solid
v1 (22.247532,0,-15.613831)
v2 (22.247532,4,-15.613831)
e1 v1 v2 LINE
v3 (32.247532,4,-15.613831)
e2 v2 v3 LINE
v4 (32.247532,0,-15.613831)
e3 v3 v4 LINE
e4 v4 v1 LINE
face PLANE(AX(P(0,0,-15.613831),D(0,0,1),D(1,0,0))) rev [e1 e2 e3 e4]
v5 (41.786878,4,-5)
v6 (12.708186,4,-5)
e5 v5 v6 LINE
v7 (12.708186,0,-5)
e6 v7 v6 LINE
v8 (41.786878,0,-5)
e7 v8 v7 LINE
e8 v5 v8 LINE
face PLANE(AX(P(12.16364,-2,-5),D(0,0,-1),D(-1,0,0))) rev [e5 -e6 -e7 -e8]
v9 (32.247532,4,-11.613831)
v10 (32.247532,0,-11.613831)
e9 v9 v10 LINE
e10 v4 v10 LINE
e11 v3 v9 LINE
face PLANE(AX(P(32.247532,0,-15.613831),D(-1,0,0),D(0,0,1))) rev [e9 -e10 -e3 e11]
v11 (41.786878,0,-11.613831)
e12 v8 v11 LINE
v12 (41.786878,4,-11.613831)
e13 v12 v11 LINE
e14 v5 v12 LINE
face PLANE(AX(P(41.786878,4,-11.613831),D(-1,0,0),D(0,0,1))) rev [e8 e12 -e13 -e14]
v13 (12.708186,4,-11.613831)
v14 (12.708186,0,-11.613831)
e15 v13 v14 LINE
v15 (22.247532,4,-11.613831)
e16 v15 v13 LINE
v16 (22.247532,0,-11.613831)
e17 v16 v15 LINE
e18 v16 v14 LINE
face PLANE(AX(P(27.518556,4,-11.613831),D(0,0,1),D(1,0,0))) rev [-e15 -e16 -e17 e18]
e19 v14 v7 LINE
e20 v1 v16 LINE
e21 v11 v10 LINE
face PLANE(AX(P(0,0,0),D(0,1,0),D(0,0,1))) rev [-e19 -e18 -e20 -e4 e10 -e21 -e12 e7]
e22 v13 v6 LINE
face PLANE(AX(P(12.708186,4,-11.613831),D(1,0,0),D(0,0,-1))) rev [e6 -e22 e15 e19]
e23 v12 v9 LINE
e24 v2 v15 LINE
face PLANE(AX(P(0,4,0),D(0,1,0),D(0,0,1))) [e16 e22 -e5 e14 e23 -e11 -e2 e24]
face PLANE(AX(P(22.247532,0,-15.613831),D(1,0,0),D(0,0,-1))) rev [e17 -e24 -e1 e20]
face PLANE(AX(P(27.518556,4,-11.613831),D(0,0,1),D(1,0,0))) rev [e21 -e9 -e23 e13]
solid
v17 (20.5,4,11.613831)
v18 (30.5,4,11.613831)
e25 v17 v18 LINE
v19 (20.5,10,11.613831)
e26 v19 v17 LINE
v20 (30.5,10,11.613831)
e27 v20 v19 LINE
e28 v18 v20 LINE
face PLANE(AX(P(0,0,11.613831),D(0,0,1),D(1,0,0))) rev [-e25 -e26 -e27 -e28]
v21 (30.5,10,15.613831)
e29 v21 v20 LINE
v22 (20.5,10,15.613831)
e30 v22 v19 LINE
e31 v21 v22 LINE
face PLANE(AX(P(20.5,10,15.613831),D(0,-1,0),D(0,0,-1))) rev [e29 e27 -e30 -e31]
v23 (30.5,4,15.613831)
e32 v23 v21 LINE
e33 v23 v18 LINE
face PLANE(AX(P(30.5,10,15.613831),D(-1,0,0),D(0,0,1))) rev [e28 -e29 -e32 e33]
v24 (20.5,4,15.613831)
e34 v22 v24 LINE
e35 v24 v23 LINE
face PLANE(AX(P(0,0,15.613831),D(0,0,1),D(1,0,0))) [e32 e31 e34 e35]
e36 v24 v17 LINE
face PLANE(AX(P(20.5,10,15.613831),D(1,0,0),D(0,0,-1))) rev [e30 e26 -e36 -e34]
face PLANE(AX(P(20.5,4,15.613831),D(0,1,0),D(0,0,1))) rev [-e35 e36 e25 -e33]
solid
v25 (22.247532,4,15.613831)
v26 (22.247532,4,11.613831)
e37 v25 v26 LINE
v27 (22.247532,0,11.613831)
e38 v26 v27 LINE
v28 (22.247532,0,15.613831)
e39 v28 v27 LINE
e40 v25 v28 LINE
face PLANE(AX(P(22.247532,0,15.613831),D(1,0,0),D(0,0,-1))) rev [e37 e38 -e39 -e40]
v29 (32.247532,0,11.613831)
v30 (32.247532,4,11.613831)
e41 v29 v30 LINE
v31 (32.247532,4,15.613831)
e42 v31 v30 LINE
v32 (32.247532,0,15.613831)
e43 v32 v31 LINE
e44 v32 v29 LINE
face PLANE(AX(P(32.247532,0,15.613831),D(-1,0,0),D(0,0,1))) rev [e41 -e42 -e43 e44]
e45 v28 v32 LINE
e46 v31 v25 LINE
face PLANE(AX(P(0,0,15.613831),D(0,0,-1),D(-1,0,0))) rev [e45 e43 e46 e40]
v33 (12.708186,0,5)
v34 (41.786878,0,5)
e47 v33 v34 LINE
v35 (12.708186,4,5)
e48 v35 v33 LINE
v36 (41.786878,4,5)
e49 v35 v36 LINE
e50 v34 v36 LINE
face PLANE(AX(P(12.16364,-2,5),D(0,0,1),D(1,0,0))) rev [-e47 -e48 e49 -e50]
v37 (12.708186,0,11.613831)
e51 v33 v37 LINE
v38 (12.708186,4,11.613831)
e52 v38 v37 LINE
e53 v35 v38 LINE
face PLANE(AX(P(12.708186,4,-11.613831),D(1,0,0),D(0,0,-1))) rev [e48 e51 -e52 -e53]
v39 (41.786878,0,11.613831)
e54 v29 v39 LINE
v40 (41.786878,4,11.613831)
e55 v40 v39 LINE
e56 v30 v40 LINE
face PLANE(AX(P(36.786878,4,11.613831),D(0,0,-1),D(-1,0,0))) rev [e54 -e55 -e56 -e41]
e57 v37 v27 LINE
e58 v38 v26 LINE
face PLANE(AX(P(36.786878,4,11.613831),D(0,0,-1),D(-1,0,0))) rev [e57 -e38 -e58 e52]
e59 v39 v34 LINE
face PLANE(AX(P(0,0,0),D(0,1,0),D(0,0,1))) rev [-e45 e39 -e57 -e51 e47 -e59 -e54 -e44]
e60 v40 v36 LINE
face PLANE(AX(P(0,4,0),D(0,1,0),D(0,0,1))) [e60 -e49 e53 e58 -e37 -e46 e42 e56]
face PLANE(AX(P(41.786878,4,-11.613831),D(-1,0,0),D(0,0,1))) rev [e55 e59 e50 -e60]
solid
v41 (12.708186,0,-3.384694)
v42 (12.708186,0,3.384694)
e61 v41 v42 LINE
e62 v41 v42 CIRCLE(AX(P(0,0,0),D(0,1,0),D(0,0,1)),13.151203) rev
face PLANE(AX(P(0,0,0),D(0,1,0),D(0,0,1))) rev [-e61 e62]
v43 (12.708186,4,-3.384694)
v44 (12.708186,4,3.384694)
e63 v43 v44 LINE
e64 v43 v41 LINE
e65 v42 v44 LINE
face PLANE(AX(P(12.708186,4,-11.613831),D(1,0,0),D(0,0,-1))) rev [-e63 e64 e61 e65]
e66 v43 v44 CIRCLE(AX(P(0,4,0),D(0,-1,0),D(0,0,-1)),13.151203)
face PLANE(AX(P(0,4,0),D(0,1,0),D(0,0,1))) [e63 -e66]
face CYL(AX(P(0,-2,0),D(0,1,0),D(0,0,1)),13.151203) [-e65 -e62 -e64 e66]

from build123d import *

# Parameters (mm, degrees)
SKETCH1_R           = 2.5
BOSS_EXTRUDE2_DEPTH = 4
SKETCH12_W          = 10
SKETCH12_H          = 4
BOSS_EXTRUDE4_DEPTH = 4
SKETCH14_W          = 10
SKETCH14_H          = 4
BOSS_EXTRUDE5_DEPTH = 4
CUT_EXTRUDE1_DEPTH  = 6
SKETCH11_W          = 10
SKETCH11_H          = 6
BOSS_EXTRUDE3_DEPTH = 4


with BuildPart() as part:
    # Sketch1 → Boss-Extrude2 (new body)
    with BuildSketch(Plane(origin=(0, 0, 0), x_dir=(1, 0, 0), z_dir=(0, 1, 0))):
        Polygon((36.786877756, 11.613831083), (41.786877756, 11.613831083), (41.786877756, -11.613831083), (36.786877756, -11.613831083), (27.518556454, -11.613831083), (12.70818574, -11.613831083), (12.70818574, 11.613831083), (27.518556454, 11.613831083), align=None)
        with Locations(Location((16.5, 0, 0), (0, 0, 270))):
            Circle(SKETCH1_R, mode=Mode.SUBTRACT)
        with Locations(Location((22.5, 0, 0), (0, 0, 270))):
            Circle(SKETCH1_R, mode=Mode.SUBTRACT)
        with Locations(Location((28.5, 0, 0), (0, 0, 270))):
            Circle(SKETCH1_R, mode=Mode.SUBTRACT)
        with Locations(Location((34.5, 0, 0), (0, 0, 270))):
            Circle(SKETCH1_R, mode=Mode.SUBTRACT)
    extrude(amount=BOSS_EXTRUDE2_DEPTH)

    # Sketch12 → Boss-Extrude4 (add)
    with BuildSketch(Plane(origin=(0, 0, -11.613831083), x_dir=(-1, 0, 0), z_dir=(0, 0, -1))):
        with Locations((-27.247531748, 2)):
            Rectangle(SKETCH12_W, SKETCH12_H)
    extrude(amount=BOSS_EXTRUDE4_DEPTH)

    # Sketch14 → Boss-Extrude5 (add)
    with BuildSketch(Plane.XY.offset(11.613831083)):
        with Locations((27.247531748, 2)):
            Rectangle(SKETCH14_W, SKETCH14_H)
    extrude(amount=BOSS_EXTRUDE5_DEPTH)

    # Sketch10 → Cut-Extrude1 (cut)
    with BuildSketch(Plane(origin=(0, 4, 0), x_dir=(1, 0, 0), z_dir=(0, 1, 0))):
        with BuildLine():
            Line((41.812282814, 5), (41.812282814, -5))
            Line((41.812282814, -5), (12.163639885, -5))
            ThreePointArc((12.163639885, -5), (13.151202806, 0), (12.163639885, 5))
            Line((12.163639885, 5), (41.812282814, 5))
        make_face()
    extrude(amount=-CUT_EXTRUDE1_DEPTH, mode=Mode.SUBTRACT)


with BuildPart() as cut_extrude1_piece_1:
    # of the separate pieces the step leaves, piece 1, a body of its own (cut_extrude1_pieces)
    add(part.part.solids().sort_by_distance((41.786877756, 0, -11.613831083))[0])


with BuildPart() as cut_extrude1_piece_2:
    # of the separate pieces the step leaves, piece 2, a body of its own (cut_extrude1_pieces)
    add(part.part.solids().sort_by_distance((41.786877756, 0, 5))[0])


with BuildPart() as cut_extrude1_piece_3:
    # of the separate pieces the step leaves, piece 3, a body of its own (cut_extrude1_pieces)
    add(part.part.solids().sort_by_distance((12.70818574, 4, 3.384693553))[0])


with BuildPart() as body_4:
    # Sketch11 → Boss-Extrude3 (new body)
    with BuildSketch(Plane.XY.offset(11.613831083)):
        with Locations((25.5, 7)):
            Rectangle(SKETCH11_W, SKETCH11_H)
    extrude(amount=BOSS_EXTRUDE3_DEPTH)


solid = Compound([cut_extrude1_piece_1.part, cut_extrude1_piece_2.part, cut_extrude1_piece_3.part, body_4.part])
